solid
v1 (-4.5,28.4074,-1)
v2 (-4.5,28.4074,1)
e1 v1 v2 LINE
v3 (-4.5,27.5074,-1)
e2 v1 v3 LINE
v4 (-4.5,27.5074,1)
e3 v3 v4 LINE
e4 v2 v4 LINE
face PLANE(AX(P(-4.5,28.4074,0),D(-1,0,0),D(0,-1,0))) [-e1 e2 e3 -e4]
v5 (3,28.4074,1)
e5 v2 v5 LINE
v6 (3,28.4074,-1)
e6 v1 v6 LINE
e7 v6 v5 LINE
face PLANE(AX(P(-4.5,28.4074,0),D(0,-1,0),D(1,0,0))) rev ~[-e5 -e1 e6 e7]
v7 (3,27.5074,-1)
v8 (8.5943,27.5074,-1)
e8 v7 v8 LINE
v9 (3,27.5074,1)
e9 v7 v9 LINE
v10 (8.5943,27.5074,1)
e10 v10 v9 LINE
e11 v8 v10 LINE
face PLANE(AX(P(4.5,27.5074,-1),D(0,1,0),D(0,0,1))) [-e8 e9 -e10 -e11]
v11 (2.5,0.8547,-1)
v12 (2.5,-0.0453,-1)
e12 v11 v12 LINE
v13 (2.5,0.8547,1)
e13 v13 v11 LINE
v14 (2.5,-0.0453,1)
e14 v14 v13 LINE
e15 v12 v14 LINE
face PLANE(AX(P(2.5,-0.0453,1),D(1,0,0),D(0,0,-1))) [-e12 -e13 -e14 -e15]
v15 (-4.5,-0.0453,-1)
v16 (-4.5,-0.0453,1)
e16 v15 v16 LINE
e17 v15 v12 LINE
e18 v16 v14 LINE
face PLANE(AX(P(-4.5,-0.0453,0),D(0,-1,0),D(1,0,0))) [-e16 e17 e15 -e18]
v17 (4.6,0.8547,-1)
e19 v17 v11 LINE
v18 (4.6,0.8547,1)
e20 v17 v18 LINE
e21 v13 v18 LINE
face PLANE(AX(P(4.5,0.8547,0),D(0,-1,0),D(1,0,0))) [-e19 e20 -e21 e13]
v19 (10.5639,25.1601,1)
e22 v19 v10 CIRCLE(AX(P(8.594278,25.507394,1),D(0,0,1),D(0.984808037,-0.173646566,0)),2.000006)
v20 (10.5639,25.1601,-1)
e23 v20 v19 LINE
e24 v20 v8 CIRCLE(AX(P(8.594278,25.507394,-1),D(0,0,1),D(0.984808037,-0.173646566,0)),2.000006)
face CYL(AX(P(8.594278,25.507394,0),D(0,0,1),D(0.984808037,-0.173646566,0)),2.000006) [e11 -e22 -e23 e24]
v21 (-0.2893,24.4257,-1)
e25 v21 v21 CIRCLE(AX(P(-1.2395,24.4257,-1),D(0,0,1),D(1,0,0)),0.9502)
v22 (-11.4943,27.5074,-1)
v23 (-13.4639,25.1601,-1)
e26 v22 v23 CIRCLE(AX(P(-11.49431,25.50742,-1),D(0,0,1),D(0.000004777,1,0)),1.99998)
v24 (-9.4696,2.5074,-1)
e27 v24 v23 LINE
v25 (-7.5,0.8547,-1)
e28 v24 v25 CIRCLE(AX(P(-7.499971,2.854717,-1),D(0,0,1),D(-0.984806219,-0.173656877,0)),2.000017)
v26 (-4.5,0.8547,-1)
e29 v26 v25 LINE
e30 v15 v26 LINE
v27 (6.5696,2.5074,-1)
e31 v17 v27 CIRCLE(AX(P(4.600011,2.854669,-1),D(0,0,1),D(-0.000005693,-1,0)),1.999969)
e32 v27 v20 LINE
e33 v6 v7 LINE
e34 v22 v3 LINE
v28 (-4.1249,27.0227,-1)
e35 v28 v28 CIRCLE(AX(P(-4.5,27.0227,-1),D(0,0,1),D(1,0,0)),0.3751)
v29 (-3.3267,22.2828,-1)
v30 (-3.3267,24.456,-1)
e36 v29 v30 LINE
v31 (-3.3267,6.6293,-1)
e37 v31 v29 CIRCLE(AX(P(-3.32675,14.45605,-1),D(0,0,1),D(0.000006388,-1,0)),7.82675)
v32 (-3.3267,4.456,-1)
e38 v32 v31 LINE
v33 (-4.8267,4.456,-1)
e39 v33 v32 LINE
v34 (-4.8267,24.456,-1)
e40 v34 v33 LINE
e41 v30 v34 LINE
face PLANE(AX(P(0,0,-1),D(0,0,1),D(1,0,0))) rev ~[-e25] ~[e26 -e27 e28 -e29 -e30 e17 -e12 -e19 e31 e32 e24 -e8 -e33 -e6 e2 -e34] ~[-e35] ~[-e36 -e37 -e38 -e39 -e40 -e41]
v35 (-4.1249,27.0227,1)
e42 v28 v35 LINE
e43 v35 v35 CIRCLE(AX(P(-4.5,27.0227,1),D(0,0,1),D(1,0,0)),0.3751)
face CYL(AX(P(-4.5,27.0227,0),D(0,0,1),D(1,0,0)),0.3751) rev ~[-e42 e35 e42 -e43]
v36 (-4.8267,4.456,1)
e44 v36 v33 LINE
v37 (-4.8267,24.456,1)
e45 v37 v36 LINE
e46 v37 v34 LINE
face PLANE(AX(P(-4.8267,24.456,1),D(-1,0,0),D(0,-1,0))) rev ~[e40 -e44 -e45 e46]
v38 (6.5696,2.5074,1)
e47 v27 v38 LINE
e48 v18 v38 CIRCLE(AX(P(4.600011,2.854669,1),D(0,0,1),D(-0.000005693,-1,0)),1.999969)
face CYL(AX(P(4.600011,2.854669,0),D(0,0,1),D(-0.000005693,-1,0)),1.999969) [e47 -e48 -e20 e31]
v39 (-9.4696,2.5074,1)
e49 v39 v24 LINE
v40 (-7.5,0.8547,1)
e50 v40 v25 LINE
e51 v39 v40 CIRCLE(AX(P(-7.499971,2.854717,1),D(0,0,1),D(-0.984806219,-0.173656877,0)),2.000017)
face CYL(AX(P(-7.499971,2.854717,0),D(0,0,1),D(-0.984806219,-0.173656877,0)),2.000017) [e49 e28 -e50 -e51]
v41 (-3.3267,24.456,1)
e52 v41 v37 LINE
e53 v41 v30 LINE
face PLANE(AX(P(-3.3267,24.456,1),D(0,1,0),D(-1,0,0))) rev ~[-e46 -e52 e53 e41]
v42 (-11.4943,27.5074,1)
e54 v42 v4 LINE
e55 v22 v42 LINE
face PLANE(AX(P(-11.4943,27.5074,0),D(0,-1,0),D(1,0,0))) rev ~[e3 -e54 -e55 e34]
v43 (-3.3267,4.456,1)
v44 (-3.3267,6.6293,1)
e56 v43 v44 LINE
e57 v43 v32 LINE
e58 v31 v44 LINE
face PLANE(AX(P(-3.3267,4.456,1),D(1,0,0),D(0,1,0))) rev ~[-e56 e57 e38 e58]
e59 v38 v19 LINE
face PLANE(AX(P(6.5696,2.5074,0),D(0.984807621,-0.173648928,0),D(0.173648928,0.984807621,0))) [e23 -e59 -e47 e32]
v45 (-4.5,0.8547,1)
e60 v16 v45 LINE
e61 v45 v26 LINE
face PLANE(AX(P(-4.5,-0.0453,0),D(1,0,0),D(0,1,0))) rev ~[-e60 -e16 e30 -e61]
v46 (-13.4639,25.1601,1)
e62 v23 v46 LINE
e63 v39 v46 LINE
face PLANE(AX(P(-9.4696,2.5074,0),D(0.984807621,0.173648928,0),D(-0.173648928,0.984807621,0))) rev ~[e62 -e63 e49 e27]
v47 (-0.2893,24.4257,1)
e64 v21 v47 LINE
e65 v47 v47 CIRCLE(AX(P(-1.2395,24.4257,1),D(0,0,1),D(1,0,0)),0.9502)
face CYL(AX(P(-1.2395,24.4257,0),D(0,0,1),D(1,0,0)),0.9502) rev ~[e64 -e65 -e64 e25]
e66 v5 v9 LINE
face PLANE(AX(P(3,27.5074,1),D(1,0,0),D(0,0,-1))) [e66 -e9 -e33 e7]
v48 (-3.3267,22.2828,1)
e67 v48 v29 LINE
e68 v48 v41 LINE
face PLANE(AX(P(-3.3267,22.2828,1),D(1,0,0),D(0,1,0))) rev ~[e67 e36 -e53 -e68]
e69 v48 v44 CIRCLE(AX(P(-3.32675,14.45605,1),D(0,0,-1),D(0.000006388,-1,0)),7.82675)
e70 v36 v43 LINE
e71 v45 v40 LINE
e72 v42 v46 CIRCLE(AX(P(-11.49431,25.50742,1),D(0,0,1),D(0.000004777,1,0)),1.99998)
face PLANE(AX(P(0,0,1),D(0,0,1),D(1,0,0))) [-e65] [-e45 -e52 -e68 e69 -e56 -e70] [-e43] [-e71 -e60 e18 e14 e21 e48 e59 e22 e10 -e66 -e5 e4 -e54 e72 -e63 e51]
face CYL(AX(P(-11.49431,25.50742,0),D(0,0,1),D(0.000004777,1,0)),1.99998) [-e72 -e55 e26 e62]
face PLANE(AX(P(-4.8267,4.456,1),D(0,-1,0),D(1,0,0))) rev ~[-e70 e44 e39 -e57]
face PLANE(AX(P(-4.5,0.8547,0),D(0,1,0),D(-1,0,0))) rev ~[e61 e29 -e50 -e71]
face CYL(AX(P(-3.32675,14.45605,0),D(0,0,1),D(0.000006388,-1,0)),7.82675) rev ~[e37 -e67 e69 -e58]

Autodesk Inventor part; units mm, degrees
ref_plane "YZ Plane" through (0, 0, 0) normal (1, 0, 0) x (0, 1, 0)
ref_plane "XZ Plane" through (0, 0, 0) normal (0, 1, 0) x (-1, 0, 0)
ref_plane "XY Plane" through (0, 0, 0) normal (0, 0, 1) x (1, 0, 0)
sketch "Sketch1" plane through (0, 0, 0) normal (0, 0, 1) x (1, 0, 0)
  line L0 (-4.5, -0.0453) -> (4.5, -0.0453)
  line L1 (4.5, -0.0453) -> (4.5, 0.8547)
  line L2 (4.5, 0.8547) -> (4.6, 0.8547)
  line L3 (6.5696, 2.5074) -> (10.5639, 25.1601)
  arc A0 (4.6, 0.8547) -> (6.5696, 2.5074) centre (4.6, 2.8547) ccw
  line L4 (-4.5, -0.0453) -> (-4.5, 0.8547)
  line L5 (-4.5, 0.8547) -> (-7.5, 0.8547)
  line L6 (-9.4696, 2.5074) -> (-13.4639, 25.1601)
  arc A1 (-9.4696, 2.5074) -> (-7.5, 0.8547) centre (-7.5, 2.8547) ccw
  line L7 (10.9778, 27.5074) -> (-13.8778, 27.5074) construction
  line L8 (-4.5, -0.7454) -> (-4.5, 29.497) construction
  line L9 (-4.5, 31.0971) -> (4.5, 31.0971) construction
  line L10 (4.5, 31.0971) -> (4.5, 0.8547) construction
  line L11 (8.5943, 27.5074) -> (4.5, 27.5074)
  line L12 (-11.4943, 27.5074) -> (-4.5, 27.5074)
  line L13 (4.5, 27.5074) -> (4.5, 28.4074)
  line L14 (-4.5, 28.4074) -> (-4.5, 27.5074)
  line L15 (-4.5, 28.4074) -> (4.5, 28.4074)
  arc A2 (10.5639, 25.1601) -> (8.5943, 27.5074) centre (8.5943, 25.5074) ccw
  arc A3 (-11.4943, 27.5074) -> (-13.4639, 25.1601) centre (-11.4943, 25.5074) ccw
  arc A4 (-3.3267, 6.6293) -> (-3.3267, 22.2828) centre (-3.3267, 14.456) ccw
  line L16 (-3.3267, 24.456) -> (-3.3267, 14.456)
  line L17 (-3.3267, 14.456) -> (-3.3267, 4.456)
  line L18 (-3.3267, 4.456) -> (-4.5, 4.456)
  line L19 (-3.3267, 24.456) -> (-4.5, 24.456)
  line L20 (-4.5, 4.4448) -> (-4.5, 24.4448)
  circle A5 centre (7.1554, 22.5114) radius 0.4516
  circle A6 centre (-1.2395, 24.4257) radius 0.9502
  circle A7 centre (-4.5, 27.0227) radius 0.3751
  point P0 (0, 0)
  dimension "d1" = 2
  dimension "d2" = 100
  dimension "d3" = 25
  dimension "d4" = 0.1
  dimension "d5" = 2
  dimension "d6" = 3
  dimension "d7" = 4.5
  dimension "d8" = 4.5
  dimension "d9" = 100
  dimension "d10" = 25
  dimension "d11" = 0.9
  dimension "d12" = 0.9
  dimension "d13" = 2
  dimension "d16" = 10
  dimension "d17" = 10
extrude "Extrusion1" add sketch "Sketch1" along normal mid plane 2 contours L4 L5 A1 L6 A3 L12 L14 L15 L13 L11 A2 L3 A0 L2 L1 L0 | L17 L16 A4 | A5 | A6 | A7
extrude "Extrusion2" cut sketch "Sketch1" against normal through all contours L17 L16 A4
extrude "Extrusion3" cut sketch "Sketch1" along normal through all both and the other way through all contours L17 L16 A4
extrude "Extrusion6" cut sketch "Sketch1" against normal through all both and the other way through all contours A6
extrude "Extrusion7" cut sketch "Sketch1" against normal through all both and the other way through all contours A7
sketch "Esboço2" plane through (4.5, -0.0453, 1) normal (1, 0, 0) x (0, 0, -1)
  line L0 (0, 0.9) -> (2, 0.9) projected
  line L1 (0, 0.9) -> (2, 0.9)
  line L2 (2, 0) -> (0, 0) projected
  line L3 (2, 0.9) -> (2, 0)
  line L4 (2, 0) -> (0, 0)
  line L5 (0, 0) -> (0, 0.9) projected
  line L6 (0, 0) -> (0, 0.9)
  point P0 (1, 0.0453)
extrude "Extrusão8" cut sketch "Esboço2" against normal blind 2
sketch "Esboço3" plane through (4.5, 27.5074, 1) normal (1, 0, 0) x (0, 0, -1)
  line L0 (2, 0.9) -> (0, 0.9) projected
  line L1 (0, 0.9) -> (2, 0.9)
  line L2 (2, 0) -> (0, 0) projected
  line L3 (2, 0.9) -> (2, 0)
  line L4 (2, 0) -> (0, 0)
  line L5 (0, 0.9) -> (0, 0) projected
  line L6 (0, 0) -> (0, 0.9)
  point P0 (1, -27.5074)
extrude "Extrusão9" cut sketch "Esboço3" against normal blind 1.5
sketch "Esboço4" plane through (0, 0, 1) normal (0, 0, 1) x (1, 0, 0)
  line L0 (-3.3267, 22.2828) -> (-3.3267, 6.6293) projected
  line L1 (-3.3267, 22.2828) -> (-3.3267, 24.456)
  line L2 (-3.3267, 24.456) -> (-4.8267, 24.456)
  line L3 (-4.8267, 24.456) -> (-4.8267, 4.456)
  line L4 (-4.8267, 4.456) -> (-3.3267, 4.456)
  line L5 (-3.3267, 4.456) -> (-3.3267, 6.6293)
  arc A0 (-3.3267, 6.6293) -> (-3.3267, 22.2828) centre (-3.3267, 14.456) ccw projected
  point P0 (0, 0)
  dimension "d36" = 20
  dimension "d37" = 1.5
  dimension "d38" = 10
extrude "Extrusão10" cut sketch "Esboço4" against normal blind 10 contours L0 L5 L4 L3 L2 L1
properties material "Liga de Nickel-Copper 400"
